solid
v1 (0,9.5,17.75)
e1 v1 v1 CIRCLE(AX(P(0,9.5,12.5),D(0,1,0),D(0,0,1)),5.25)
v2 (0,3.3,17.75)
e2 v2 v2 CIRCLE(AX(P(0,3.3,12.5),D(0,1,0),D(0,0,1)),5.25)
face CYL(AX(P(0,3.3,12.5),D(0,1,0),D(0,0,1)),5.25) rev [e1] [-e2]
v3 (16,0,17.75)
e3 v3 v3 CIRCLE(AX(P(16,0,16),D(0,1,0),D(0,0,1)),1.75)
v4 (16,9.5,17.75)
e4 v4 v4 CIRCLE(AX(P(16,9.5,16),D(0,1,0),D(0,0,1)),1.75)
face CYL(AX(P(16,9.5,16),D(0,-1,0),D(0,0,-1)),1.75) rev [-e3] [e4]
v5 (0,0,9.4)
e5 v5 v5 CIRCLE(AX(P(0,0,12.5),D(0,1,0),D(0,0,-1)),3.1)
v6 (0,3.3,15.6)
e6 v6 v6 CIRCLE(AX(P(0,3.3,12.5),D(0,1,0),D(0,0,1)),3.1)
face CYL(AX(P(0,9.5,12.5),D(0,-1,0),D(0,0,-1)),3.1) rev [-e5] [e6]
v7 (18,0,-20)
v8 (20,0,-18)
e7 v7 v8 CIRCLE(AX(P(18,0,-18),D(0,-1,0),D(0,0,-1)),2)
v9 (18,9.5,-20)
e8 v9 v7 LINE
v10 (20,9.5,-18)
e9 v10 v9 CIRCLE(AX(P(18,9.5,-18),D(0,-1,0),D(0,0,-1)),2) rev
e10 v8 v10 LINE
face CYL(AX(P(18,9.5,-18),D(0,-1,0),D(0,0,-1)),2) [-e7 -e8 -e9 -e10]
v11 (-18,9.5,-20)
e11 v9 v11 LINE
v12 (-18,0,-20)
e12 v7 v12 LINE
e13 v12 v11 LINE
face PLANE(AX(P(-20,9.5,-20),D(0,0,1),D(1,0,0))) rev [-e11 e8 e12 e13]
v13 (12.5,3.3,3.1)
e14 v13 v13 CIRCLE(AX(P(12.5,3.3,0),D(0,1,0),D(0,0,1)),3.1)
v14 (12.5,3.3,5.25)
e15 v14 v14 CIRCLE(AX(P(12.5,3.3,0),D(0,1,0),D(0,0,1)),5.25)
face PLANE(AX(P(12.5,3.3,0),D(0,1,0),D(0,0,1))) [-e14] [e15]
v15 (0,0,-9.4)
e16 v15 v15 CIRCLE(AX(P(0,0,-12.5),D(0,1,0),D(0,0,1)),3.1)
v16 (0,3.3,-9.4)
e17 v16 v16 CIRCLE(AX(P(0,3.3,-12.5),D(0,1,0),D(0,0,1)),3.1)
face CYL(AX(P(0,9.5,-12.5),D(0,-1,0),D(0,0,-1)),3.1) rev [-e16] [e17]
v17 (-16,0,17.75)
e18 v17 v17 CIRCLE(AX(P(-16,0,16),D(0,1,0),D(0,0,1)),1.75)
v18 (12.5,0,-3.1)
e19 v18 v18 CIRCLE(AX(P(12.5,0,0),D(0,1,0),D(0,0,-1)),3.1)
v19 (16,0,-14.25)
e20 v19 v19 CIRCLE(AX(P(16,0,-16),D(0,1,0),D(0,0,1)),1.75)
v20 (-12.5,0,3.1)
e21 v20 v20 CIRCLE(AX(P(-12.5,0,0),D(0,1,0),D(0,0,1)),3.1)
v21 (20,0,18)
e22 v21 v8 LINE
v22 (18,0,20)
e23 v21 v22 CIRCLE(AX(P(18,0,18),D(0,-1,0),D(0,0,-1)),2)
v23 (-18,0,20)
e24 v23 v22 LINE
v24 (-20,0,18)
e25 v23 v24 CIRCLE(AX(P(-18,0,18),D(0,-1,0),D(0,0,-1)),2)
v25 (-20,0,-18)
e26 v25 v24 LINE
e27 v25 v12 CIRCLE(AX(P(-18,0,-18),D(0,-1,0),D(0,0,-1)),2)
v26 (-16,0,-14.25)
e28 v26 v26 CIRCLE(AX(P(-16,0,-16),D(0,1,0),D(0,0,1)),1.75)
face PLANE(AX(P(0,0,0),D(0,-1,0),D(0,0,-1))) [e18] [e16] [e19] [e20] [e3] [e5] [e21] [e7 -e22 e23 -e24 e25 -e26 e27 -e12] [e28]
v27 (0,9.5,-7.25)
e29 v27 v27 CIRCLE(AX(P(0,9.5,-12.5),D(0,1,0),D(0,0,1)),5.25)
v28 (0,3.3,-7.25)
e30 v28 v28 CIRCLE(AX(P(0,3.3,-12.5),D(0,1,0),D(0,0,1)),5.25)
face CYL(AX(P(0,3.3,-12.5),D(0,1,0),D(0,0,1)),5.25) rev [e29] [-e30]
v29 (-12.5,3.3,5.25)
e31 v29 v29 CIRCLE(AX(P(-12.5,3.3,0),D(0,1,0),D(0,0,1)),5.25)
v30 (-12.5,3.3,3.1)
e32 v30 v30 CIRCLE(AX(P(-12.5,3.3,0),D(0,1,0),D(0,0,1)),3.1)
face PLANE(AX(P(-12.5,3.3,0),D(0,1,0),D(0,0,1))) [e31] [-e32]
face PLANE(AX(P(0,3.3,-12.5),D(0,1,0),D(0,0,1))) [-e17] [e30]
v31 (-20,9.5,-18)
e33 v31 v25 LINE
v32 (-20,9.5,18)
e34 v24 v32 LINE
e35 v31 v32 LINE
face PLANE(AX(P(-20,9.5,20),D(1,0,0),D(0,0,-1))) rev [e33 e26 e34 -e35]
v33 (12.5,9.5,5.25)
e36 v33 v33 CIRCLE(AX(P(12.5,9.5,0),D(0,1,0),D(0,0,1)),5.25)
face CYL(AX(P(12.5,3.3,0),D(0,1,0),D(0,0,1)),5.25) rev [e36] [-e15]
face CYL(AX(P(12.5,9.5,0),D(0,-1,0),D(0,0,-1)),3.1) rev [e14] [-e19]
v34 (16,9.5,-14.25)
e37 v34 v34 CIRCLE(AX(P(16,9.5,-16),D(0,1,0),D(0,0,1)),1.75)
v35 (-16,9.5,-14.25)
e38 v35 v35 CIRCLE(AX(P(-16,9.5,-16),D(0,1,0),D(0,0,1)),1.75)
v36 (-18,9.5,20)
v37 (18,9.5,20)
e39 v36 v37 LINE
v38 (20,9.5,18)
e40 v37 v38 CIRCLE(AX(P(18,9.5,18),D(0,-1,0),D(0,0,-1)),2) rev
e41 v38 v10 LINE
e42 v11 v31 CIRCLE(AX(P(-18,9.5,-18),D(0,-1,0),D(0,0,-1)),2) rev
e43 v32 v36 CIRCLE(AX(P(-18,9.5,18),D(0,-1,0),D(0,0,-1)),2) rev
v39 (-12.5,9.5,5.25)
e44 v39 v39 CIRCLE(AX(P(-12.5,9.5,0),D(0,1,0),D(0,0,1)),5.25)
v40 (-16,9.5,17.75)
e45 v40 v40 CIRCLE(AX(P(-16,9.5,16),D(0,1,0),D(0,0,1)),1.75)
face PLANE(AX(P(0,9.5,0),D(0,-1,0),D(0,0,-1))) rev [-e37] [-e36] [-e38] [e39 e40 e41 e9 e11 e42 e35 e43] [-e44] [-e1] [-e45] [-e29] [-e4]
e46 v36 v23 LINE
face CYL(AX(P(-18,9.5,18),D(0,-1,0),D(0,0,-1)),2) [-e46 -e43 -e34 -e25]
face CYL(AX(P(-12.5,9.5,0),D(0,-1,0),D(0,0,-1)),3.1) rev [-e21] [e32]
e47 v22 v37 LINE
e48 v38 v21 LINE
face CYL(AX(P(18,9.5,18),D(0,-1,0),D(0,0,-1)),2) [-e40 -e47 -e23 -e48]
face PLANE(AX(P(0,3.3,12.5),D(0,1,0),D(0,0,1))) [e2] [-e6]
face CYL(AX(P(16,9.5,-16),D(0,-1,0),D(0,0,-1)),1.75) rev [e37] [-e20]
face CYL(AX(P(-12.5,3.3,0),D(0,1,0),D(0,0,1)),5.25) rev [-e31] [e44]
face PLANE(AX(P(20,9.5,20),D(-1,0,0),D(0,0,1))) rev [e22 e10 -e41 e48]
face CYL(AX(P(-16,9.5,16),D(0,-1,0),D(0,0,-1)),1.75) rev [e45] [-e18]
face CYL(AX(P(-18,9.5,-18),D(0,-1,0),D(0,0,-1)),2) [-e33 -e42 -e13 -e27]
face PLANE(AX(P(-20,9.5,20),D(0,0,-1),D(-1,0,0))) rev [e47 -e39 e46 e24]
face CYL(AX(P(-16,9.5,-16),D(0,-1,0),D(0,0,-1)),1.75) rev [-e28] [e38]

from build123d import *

# Parameters (mm, degrees)
SKETCH_1_W          = 40
SKETCH_1_H          = 40
SKETCH_1_R          = 1.75
SKETCH_1_R_2        = 3.1
EXTRUDE_1_DEPTH     = 9.5
FILLET_1_R          = 2
SKETCH_2_R          = 5.25
CUT_EXTRUDE_1_DEPTH = 6.2


with BuildPart() as part:
    # 草图1 → 凸台-拉伸1 (new body)
    with BuildSketch(Plane(origin=(0, 0, 0), x_dir=(1, 0, 0), z_dir=(0, 1, 0))):
        Rectangle(SKETCH_1_W, SKETCH_1_H)
        with Locations(Location((-16, 16, 0), (0, 0, 270))):  # turned: the seam where the file's is
            Circle(SKETCH_1_R, mode=Mode.SUBTRACT)
        with Locations(Location((16, 16, 0), (0, 0, 270))):  # turned: the seam where the file's is
            Circle(SKETCH_1_R, mode=Mode.SUBTRACT)
        with Locations(Location((-16, -16, 0), (0, 0, 270))):  # turned: the seam where the file's is
            Circle(SKETCH_1_R, mode=Mode.SUBTRACT)
        with Locations(Location((16, -16, 0), (0, 0, 270))):  # turned: the seam where the file's is
            Circle(SKETCH_1_R, mode=Mode.SUBTRACT)
        with Locations(Location((-12.5, 0, 0), (0, 0, 270))):  # turned: the seam where the file's is
            Circle(SKETCH_1_R_2, mode=Mode.SUBTRACT)
        with Locations(Location((12.5, 0, 0), (0, 0, 90))):  # turned: the seam where the file's is
            Circle(SKETCH_1_R_2, mode=Mode.SUBTRACT)
        with Locations(Location((0, 12.5, 0), (0, 0, 270))):  # turned: the seam where the file's is
            Circle(SKETCH_1_R_2, mode=Mode.SUBTRACT)
        with Locations(Location((0, -12.5, 0), (0, 0, 90))):  # turned: the seam where the file's is
            Circle(SKETCH_1_R_2, mode=Mode.SUBTRACT)
    extrude(amount=EXTRUDE_1_DEPTH)

    # 圆角1
    fillet_1_edges = [part.edges().sort_by_distance(p)[0] for p in [
        (20, 4.75, 20),
        (-20, 4.75, 20),
        (-20, 4.75, -20),
        (20, 4.75, -20),
    ]]
    fillet(fillet_1_edges, radius=FILLET_1_R)

    # 草图2 → 切除-拉伸1 (cut)
    with BuildSketch(Plane(origin=(0, 9.5, 0), x_dir=(1, 0, 0), z_dir=(0, 1, 0))):
        with Locations(Location((0, 12.5, 0), (0, 0, 270))):  # turned: the seam where the file's is
            Circle(SKETCH_2_R)
        with Locations(Location((12.5, 0, 0), (0, 0, 270))):  # turned: the seam where the file's is
            Circle(SKETCH_2_R)
        with Locations(Location((0, -12.5, 0), (0, 0, 270))):  # turned: the seam where the file's is
            Circle(SKETCH_2_R)
        with Locations(Location((-12.5, 0, 0), (0, 0, 270))):  # turned: the seam where the file's is
            Circle(SKETCH_2_R)
    extrude(amount=-CUT_EXTRUDE_1_DEPTH, mode=Mode.SUBTRACT)


solid = part.part
